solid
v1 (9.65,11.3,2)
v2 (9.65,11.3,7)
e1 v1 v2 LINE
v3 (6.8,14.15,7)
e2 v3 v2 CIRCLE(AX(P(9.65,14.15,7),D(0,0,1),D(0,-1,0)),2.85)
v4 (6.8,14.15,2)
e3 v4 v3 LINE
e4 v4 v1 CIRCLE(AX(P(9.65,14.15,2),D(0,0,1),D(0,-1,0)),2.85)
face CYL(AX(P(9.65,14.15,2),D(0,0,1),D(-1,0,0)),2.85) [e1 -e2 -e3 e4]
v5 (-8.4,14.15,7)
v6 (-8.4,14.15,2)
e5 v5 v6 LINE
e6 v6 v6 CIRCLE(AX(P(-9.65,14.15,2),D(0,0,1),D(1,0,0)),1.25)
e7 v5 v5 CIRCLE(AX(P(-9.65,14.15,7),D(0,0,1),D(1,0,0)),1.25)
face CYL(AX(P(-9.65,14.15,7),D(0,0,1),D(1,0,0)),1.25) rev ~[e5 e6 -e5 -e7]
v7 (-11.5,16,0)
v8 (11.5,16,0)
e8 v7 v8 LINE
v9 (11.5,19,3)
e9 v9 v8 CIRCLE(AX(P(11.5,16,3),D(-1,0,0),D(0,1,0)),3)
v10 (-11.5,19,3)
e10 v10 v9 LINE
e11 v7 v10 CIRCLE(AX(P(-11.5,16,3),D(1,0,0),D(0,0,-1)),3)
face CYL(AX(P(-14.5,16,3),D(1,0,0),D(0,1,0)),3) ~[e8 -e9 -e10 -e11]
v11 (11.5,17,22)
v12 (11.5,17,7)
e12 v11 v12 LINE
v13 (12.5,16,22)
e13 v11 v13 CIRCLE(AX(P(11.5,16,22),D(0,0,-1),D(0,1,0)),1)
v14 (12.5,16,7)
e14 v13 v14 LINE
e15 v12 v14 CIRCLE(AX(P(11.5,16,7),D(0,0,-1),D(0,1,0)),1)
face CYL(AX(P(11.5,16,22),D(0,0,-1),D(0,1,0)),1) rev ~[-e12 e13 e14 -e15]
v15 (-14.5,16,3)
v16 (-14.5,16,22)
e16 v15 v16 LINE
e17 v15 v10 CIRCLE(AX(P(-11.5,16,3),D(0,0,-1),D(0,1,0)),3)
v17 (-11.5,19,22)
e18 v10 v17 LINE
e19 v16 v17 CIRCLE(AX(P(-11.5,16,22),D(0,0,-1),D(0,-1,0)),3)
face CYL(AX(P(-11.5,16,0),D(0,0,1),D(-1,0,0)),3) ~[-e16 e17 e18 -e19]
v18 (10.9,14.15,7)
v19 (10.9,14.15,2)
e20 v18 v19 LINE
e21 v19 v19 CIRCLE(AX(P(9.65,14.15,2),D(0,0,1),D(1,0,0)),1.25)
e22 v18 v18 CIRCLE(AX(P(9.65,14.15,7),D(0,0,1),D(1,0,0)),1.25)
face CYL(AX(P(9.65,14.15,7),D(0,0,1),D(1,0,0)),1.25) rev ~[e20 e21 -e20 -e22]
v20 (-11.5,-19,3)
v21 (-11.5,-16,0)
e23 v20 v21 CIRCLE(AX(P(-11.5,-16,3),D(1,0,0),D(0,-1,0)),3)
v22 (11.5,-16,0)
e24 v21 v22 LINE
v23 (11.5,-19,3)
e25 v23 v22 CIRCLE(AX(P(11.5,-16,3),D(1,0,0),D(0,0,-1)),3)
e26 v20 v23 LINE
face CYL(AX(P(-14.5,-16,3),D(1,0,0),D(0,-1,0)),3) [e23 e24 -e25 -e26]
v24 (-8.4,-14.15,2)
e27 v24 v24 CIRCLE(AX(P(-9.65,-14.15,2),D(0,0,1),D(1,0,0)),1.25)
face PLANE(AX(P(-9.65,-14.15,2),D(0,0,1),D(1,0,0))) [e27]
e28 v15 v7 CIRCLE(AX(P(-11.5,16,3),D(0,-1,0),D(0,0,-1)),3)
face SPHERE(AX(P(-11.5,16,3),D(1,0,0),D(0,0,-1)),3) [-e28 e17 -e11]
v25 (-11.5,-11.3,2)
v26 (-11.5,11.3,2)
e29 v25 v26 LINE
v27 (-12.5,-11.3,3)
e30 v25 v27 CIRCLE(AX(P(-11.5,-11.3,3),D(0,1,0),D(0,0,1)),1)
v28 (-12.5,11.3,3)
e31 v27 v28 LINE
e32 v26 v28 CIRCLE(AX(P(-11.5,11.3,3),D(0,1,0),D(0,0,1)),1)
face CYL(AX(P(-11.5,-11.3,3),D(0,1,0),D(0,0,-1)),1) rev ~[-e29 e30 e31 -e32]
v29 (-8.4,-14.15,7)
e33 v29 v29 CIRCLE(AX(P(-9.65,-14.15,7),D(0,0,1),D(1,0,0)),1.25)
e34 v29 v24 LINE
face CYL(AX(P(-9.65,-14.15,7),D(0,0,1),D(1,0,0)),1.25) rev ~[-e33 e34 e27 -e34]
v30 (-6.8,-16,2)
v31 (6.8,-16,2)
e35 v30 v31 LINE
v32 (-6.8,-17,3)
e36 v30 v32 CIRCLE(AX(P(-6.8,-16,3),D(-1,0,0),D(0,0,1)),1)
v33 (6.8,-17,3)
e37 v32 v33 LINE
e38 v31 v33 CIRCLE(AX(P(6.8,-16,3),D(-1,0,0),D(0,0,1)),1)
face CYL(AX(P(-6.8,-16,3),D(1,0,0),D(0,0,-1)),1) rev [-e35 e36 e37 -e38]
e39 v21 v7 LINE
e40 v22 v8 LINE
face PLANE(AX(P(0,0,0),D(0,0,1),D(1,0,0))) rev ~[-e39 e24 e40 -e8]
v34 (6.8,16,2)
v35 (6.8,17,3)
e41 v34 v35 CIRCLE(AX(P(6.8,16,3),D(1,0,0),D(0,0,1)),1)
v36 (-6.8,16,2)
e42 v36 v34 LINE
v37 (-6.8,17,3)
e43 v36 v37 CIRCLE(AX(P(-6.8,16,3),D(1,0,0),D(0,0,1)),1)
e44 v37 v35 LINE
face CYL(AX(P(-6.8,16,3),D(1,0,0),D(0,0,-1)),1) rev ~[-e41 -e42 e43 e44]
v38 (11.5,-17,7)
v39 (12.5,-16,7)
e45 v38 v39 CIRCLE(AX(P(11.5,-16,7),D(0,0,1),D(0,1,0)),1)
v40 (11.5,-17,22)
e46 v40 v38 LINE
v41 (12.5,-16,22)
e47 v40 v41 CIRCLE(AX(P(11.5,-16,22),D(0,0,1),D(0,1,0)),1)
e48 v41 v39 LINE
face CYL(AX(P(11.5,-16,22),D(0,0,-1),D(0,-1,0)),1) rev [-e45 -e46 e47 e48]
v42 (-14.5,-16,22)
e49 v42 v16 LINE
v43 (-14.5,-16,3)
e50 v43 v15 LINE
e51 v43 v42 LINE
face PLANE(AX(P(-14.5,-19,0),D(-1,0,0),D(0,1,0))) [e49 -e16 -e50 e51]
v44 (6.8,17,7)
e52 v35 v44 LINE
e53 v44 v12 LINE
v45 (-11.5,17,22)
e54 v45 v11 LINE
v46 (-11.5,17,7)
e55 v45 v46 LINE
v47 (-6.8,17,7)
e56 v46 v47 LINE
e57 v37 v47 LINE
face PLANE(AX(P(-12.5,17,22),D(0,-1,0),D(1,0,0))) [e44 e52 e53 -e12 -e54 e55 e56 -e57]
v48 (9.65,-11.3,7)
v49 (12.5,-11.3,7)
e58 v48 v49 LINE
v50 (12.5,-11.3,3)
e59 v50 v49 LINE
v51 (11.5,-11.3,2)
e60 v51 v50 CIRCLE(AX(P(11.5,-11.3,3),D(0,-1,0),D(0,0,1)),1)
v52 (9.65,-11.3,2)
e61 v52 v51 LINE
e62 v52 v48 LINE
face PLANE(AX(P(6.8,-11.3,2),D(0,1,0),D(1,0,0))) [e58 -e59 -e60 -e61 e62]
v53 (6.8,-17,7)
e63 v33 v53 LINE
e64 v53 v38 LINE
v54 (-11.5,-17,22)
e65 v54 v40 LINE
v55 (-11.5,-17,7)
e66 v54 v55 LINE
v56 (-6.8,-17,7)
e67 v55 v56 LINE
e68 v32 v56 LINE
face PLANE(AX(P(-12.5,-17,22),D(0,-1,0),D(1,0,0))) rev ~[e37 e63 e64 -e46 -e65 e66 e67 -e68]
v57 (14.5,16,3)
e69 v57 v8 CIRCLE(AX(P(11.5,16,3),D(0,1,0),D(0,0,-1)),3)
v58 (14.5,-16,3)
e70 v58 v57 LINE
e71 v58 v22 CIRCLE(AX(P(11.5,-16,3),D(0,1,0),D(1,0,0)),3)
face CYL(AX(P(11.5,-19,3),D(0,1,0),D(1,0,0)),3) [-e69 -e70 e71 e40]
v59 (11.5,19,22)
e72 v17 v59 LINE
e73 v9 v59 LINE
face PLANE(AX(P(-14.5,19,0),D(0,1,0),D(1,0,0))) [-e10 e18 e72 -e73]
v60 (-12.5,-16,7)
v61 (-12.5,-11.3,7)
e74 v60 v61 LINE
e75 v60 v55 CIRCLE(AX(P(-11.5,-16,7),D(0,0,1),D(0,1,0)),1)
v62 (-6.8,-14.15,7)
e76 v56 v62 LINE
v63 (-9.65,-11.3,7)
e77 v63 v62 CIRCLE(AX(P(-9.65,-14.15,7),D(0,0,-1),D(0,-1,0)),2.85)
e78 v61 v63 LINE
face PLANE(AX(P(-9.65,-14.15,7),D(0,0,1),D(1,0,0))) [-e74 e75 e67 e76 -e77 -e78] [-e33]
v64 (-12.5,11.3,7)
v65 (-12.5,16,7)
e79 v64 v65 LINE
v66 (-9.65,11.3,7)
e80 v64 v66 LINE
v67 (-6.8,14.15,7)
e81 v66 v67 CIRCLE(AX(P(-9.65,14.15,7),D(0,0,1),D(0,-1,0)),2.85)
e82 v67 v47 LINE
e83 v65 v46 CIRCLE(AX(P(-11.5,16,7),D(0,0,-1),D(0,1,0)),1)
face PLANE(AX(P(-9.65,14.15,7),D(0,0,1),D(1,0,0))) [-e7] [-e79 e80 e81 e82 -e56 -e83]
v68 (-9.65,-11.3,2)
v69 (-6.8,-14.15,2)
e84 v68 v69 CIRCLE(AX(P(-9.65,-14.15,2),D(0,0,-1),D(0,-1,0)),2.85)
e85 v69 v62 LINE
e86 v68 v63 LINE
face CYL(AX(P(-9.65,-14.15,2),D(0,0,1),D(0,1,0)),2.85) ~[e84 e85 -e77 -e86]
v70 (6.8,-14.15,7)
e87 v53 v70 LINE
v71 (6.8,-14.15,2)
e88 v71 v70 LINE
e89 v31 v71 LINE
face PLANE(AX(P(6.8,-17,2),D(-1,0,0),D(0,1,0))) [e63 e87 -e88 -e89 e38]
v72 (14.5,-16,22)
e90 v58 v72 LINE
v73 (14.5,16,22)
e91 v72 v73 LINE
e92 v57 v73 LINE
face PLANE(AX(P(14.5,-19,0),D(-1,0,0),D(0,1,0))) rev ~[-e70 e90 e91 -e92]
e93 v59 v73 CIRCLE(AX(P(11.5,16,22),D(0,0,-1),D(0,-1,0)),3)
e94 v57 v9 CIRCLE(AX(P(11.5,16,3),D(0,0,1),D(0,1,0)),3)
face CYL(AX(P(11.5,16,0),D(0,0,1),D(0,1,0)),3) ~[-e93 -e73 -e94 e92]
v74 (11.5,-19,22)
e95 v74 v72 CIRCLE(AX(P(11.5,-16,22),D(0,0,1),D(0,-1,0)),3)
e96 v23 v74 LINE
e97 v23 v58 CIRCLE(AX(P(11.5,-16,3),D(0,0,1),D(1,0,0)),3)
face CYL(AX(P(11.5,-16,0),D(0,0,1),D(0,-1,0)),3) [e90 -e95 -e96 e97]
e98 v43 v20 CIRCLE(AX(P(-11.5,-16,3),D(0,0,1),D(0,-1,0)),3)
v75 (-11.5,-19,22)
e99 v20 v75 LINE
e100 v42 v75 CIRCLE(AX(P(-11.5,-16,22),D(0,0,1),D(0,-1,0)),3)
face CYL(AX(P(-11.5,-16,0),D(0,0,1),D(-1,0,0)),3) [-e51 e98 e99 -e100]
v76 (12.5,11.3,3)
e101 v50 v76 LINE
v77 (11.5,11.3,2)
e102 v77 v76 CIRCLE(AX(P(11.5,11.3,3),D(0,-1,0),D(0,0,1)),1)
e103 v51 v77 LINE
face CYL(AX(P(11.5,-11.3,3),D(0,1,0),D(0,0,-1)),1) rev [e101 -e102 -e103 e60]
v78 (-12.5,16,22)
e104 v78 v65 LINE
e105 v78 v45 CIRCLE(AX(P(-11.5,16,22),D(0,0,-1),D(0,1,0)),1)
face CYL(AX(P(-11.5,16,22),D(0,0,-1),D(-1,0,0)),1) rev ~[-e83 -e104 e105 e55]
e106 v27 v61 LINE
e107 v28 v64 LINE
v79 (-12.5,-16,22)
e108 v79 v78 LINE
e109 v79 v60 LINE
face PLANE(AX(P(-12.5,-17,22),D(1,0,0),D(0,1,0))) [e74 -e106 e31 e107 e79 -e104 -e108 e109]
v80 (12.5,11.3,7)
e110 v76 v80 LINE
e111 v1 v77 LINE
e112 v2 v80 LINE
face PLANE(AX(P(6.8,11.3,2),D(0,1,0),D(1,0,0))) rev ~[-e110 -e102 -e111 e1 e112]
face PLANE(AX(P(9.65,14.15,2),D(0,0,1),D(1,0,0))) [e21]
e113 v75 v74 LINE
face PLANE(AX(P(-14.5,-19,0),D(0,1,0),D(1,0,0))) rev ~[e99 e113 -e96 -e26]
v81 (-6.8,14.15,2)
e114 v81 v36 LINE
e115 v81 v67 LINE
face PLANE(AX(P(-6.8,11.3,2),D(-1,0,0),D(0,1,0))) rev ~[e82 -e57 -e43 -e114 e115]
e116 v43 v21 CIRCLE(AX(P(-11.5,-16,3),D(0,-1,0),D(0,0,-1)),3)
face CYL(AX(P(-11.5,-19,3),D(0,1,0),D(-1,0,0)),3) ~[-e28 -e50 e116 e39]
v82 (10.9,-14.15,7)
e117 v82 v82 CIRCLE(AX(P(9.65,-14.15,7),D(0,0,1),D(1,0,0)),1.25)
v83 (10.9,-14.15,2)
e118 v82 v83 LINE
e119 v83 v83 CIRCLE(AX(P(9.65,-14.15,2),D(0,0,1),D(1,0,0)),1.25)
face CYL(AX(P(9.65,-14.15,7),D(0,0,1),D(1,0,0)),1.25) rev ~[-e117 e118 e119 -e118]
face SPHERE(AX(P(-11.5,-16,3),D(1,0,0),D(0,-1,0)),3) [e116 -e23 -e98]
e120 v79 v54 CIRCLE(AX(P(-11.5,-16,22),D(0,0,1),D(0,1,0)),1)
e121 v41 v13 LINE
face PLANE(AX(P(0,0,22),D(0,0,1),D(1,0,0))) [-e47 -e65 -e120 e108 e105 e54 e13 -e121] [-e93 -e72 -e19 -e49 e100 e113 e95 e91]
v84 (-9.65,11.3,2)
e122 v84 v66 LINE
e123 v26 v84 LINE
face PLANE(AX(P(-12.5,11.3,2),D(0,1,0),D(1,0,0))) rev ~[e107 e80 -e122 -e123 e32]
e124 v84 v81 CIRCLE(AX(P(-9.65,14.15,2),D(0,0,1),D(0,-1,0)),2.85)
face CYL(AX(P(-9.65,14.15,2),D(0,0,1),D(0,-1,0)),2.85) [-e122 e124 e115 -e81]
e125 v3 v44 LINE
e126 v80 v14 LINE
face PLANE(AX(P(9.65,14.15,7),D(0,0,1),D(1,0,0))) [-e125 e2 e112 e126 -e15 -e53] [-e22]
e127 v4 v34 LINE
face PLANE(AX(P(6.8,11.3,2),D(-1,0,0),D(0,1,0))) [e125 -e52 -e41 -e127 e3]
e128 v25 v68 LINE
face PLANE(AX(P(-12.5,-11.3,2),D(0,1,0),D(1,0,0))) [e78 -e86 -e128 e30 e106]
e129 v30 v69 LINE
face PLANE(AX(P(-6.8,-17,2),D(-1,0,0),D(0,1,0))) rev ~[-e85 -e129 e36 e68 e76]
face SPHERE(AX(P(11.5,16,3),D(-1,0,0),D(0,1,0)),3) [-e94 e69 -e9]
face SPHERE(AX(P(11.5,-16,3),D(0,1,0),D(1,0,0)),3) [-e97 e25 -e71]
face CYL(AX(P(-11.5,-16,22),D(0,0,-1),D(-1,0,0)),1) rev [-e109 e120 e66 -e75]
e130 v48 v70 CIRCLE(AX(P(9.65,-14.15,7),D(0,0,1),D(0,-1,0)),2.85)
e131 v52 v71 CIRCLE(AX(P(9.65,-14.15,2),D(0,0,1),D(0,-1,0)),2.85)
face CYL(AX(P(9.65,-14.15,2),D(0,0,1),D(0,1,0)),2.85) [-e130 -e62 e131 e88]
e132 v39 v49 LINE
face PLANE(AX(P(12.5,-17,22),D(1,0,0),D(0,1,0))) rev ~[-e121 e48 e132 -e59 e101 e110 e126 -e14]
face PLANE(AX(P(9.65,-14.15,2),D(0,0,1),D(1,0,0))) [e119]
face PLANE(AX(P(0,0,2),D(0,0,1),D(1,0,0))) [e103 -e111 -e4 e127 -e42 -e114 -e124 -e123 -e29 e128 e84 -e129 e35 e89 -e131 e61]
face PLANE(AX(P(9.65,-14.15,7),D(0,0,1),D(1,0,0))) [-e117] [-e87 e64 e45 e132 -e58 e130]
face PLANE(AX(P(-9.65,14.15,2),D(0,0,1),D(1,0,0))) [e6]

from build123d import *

# Parameters (mm, degrees)
SKETCH_W        = 29
SKETCH_H        = 38
PAD_DEPTH       = 22
SKETCH001_W     = 25
SKETCH001_H     = 34
POCKET_DEPTH    = 20
SKETCH002_W     = 5.7
SKETCH002_H     = 5.7
PAD001_DEPTH    = 5
SKETCH003_R     = 1.25
POCKET001_DEPTH = 5
FILLET_R        = 2.85
FILLET001_R     = 1
FILLET002_R     = 3


with BuildPart() as part:
    # Sketch → Pad (new body)
    with BuildSketch(Plane.XY):
        Rectangle(SKETCH_W, SKETCH_H)
    extrude(amount=PAD_DEPTH)

    # Sketch001 (on DatumPlane) → Pocket (cut)
    with BuildSketch(Plane.XY.offset(22)):
        Rectangle(SKETCH001_W, SKETCH001_H)
    extrude(amount=-POCKET_DEPTH, mode=Mode.SUBTRACT)

    # Sketch002 (on DatumPlane) → Pad001 (join)
    with BuildSketch(Plane.XY.offset(2)):
        with Locations((-9.65, 14.15)):
            Rectangle(SKETCH002_W, SKETCH002_H)
        with Locations((9.65, 14.15)):
            Rectangle(SKETCH002_W, SKETCH002_H)
        with Locations((9.65, -14.15)):
            Rectangle(SKETCH002_W, SKETCH002_H)
        with Locations((-9.65, -14.15)):
            Rectangle(SKETCH002_W, SKETCH002_H)
    extrude(amount=PAD001_DEPTH)

    # Sketch003 (on DatumPlane) → Pocket001 (cut)
    with BuildSketch(Plane.XY.offset(7)):
        with Locations((-9.65, 14.15)):
            Circle(SKETCH003_R)
        with Locations((9.65, 14.15)):
            Circle(SKETCH003_R)
        with Locations((9.65, -14.15)):
            Circle(SKETCH003_R)
        with Locations((-9.65, -14.15)):
            Circle(SKETCH003_R)
    extrude(amount=-POCKET001_DEPTH, mode=Mode.SUBTRACT)

    # Fillet
    fillet_edges = [part.edges().sort_by_distance(p)[0] for p in [
        (6.8, 11.3, 4.5),
        (-6.8, 11.3, 4.5),
        (-6.8, -11.3, 4.5),
        (6.8, -11.3, 4.5),
    ]]
    fillet(fillet_edges, radius=FILLET_R)

    # Fillet001
    fillet001_edges = [part.edges().sort_by_distance(p)[0] for p in [
        (-12.5, 0, 2),
        (0, 17, 2),
        (12.5, 0, 2),
        (0, -17, 2),
        (-12.5, 17, 14.5),
        (-12.5, -17, 14.5),
        (12.5, 17, 14.5),
        (12.5, -17, 14.5),
    ]]
    fillet(fillet001_edges, radius=FILLET001_R)

    # Fillet002
    fillet002_edges = [part.edges().sort_by_distance(p)[0] for p in [
        (0, 19, 0),
        (14.5, 19, 11),
        (14.5, 0, 0),
        (14.5, -19, 11),
        (0, -19, 0),
        (-14.5, -19, 11),
        (-14.5, 0, 0),
        (-14.5, 19, 11),
    ]]
    fillet(fillet002_edges, radius=FILLET002_R)


solid = part.part
